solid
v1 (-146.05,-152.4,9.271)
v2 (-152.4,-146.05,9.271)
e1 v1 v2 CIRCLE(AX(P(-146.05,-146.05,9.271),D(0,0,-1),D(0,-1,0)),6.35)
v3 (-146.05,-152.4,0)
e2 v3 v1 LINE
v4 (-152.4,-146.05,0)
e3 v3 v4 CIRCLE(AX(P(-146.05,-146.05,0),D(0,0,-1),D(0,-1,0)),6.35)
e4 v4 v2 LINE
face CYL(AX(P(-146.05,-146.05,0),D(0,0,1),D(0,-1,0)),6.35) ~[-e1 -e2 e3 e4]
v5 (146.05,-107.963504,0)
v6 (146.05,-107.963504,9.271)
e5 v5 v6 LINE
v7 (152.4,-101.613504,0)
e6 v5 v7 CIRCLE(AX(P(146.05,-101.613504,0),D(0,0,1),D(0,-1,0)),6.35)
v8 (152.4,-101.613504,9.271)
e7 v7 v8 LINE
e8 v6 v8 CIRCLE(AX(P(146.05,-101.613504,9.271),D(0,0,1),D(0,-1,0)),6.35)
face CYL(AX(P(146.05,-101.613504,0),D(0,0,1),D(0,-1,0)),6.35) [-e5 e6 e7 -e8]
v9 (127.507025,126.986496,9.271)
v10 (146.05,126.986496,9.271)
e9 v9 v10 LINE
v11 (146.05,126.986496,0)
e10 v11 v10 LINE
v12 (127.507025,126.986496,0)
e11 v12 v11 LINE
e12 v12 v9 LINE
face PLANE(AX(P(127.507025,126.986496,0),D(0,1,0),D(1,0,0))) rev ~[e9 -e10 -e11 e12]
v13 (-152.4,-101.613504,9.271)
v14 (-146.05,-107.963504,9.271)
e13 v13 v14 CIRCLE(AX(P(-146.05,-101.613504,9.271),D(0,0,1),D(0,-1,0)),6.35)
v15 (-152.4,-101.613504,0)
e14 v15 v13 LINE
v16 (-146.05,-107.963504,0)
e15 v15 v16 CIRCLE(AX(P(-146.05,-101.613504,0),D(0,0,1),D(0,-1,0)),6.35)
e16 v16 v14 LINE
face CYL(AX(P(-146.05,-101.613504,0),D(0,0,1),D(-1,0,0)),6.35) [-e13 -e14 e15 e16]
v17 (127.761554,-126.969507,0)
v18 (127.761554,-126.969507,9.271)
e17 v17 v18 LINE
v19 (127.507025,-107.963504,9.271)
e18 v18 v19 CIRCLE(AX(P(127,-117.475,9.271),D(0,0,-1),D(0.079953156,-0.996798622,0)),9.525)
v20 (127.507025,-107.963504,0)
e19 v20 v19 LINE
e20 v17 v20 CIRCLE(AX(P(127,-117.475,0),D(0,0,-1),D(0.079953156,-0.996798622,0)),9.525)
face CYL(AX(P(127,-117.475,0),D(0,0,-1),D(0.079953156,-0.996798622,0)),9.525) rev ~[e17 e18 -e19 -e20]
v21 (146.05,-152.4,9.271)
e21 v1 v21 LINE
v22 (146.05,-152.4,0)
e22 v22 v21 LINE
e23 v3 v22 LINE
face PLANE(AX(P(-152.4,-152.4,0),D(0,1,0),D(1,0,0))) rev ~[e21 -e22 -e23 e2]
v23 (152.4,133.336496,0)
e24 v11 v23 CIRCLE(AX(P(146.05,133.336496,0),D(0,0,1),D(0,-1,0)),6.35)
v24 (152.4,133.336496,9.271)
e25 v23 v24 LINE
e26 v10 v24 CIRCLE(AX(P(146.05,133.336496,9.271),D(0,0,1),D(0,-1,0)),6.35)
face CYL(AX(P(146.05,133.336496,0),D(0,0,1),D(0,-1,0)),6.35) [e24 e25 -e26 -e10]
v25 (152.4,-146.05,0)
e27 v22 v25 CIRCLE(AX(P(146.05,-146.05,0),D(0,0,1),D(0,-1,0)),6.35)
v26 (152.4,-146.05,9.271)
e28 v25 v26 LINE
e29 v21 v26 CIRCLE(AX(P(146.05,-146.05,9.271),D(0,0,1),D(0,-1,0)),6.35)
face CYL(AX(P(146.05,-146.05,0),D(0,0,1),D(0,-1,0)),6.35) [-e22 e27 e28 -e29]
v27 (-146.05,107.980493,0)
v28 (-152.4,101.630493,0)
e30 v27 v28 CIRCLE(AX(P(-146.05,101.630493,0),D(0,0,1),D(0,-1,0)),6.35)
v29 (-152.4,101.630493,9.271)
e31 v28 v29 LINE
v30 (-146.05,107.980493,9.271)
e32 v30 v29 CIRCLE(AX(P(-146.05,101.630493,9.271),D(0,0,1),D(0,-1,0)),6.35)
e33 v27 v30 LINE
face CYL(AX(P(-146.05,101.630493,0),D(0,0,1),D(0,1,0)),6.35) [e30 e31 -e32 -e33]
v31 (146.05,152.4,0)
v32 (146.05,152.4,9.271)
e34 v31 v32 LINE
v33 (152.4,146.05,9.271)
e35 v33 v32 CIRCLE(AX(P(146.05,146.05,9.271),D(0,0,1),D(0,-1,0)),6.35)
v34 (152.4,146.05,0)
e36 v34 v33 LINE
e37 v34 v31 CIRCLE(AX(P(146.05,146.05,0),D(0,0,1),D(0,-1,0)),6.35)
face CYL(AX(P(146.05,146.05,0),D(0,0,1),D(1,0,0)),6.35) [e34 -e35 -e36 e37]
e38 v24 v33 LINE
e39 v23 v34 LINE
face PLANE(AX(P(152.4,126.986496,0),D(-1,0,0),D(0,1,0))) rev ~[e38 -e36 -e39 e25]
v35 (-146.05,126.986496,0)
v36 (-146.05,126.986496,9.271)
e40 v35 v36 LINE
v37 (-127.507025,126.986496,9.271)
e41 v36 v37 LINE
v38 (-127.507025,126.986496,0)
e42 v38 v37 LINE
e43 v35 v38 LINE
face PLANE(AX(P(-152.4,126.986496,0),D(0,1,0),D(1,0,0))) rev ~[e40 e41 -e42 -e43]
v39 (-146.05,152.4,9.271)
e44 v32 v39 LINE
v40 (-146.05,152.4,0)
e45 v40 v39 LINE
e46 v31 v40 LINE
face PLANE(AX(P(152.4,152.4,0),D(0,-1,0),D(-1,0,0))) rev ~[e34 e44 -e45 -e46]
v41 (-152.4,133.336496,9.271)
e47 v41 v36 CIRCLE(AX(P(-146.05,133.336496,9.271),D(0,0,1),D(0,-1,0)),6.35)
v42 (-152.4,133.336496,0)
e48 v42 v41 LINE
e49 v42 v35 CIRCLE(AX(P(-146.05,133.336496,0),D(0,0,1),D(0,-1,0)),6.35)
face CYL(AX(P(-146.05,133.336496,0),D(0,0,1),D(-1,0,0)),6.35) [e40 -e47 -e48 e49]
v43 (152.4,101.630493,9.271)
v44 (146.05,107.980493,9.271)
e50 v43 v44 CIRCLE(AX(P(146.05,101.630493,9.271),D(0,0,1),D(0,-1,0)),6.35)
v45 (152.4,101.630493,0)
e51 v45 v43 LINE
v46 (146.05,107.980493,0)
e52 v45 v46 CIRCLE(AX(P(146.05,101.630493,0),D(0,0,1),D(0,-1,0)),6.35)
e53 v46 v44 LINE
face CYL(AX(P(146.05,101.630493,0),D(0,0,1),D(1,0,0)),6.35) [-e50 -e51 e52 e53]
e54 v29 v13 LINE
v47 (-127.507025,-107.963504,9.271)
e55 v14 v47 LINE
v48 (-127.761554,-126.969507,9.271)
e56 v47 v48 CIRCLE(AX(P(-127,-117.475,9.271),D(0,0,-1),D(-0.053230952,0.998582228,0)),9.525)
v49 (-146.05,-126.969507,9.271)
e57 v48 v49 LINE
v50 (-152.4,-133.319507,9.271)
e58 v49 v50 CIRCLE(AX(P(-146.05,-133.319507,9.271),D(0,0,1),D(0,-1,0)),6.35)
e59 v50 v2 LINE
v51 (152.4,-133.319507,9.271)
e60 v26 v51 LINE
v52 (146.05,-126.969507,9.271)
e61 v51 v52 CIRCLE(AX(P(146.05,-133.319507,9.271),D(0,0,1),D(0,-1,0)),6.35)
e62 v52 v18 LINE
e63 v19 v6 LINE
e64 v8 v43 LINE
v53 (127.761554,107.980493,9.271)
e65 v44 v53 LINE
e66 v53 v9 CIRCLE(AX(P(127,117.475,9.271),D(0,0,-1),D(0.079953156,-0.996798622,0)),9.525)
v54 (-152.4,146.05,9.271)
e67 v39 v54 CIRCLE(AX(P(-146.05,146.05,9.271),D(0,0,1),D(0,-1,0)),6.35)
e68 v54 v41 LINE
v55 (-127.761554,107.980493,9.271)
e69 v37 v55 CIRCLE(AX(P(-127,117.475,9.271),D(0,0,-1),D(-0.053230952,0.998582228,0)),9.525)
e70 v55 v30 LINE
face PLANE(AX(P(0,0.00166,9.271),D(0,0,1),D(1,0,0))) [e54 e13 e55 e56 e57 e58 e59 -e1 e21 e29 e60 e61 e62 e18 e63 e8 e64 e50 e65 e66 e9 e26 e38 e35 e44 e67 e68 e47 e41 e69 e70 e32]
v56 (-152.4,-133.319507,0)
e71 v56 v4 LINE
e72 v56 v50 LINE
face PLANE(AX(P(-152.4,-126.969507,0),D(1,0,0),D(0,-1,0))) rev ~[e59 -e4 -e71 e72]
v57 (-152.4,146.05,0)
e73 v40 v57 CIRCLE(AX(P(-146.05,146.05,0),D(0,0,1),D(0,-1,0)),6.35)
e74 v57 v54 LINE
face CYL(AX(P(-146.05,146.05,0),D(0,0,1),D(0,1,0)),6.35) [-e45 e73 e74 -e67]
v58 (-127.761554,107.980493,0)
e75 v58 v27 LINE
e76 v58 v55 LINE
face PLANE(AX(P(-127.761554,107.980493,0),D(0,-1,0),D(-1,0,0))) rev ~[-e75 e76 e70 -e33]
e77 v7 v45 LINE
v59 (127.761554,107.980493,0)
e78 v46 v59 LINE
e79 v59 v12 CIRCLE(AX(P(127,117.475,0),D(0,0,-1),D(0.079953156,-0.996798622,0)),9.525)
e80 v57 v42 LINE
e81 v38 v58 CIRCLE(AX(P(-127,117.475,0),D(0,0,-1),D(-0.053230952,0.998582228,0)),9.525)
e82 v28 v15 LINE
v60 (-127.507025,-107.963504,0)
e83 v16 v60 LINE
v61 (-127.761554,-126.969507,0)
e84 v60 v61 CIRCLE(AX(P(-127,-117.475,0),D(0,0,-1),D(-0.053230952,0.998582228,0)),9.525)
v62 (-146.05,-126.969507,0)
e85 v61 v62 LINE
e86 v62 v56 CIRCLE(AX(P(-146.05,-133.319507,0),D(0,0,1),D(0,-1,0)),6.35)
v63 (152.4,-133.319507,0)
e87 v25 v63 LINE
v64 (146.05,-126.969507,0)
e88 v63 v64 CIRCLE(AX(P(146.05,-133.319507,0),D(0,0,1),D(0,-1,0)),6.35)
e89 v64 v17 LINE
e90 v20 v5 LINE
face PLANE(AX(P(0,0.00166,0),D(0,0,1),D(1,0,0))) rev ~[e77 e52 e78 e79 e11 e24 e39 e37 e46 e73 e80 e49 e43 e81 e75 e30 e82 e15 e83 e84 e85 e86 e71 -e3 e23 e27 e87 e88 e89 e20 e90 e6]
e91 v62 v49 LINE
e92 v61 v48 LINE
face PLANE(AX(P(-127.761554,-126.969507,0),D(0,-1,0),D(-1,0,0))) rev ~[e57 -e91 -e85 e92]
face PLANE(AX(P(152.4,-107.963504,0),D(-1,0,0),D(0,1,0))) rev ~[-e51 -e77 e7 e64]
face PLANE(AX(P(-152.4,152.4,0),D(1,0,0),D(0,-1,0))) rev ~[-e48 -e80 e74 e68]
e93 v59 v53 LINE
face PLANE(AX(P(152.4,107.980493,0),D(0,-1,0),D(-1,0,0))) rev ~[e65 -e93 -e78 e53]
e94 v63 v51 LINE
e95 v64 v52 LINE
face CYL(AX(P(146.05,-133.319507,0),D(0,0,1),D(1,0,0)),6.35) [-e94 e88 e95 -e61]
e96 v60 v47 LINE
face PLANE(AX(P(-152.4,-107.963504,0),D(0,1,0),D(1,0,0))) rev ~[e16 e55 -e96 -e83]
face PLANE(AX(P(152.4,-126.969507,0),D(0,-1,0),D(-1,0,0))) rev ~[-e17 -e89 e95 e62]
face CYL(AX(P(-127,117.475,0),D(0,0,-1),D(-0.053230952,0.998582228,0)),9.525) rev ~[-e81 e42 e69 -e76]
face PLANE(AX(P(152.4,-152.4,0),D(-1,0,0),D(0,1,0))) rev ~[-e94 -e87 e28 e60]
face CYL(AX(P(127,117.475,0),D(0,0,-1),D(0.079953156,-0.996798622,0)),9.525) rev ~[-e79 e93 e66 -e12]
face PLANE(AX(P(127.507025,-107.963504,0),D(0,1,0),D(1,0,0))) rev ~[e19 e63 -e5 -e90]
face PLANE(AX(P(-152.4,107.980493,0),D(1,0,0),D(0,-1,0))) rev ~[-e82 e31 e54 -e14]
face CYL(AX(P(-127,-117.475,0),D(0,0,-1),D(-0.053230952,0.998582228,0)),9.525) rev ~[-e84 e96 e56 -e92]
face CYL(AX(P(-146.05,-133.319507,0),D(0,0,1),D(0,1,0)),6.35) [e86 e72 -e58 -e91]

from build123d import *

# Parameters (mm, degrees)
F1_DEPTH = 9.271
F2_R     = 6.35


with BuildPart() as f1:
    # F0 (on Top) → F1 (new body)
    with BuildSketch(Plane.XY):
        with BuildLine():
            Line((-152.4, -152.4), (0, -152.4))
            Line((0, -152.4), (152.4, -152.4))
            Line((152.4, -152.4), (152.4, -126.969507))
            Line((152.4, -126.969507), (127.761554, -126.969507))
            ThreePointArc((127.761554, -126.969507), (117.475854, -117.602548), (127.507025, -107.963504))
            Line((127.507025, -107.963504), (152.4, -107.963504))
            Line((152.4, -107.963504), (152.4, 107.980493))
            Line((152.4, 107.980493), (127.761554, 107.980493))
            ThreePointArc((127.761554, 107.980493), (117.475854, 117.347452), (127.507025, 126.986496))
            Line((127.507025, 126.986496), (152.4, 126.986496))
            Line((152.4, 126.986496), (152.4, 152.4))
            Line((152.4, 152.4), (0, 152.4))
            Line((0, 152.4), (-152.4, 152.4))
            Line((-152.4, 152.4), (-152.4, 126.986496))
            Line((-152.4, 126.986496), (-127.507025, 126.986496))
            ThreePointArc((-127.507025, 126.986496), (-117.475854, 117.347452), (-127.761554, 107.980493))
            Line((-127.761554, 107.980493), (-152.4, 107.980493))
            Line((-152.4, 107.980493), (-152.4, -107.963504))
            Line((-152.4, -107.963504), (-127.507025, -107.963504))
            ThreePointArc((-127.507025, -107.963504), (-117.475854, -117.602548), (-127.761554, -126.969507))
            Line((-127.761554, -126.969507), (-152.4, -126.969507))
            Line((-152.4, -126.969507), (-152.4, -152.4))
        make_face()
    extrude(amount=F1_DEPTH)

    # F2
    f2_edges = [f1.edges().sort_by_distance(p)[0] for p in [
        (-152.4, 152.4, 4.6355),
        (152.4, 152.4, 4.6355),
        (152.4, -152.4, 4.6355),
        (-152.4, -152.4, 4.6355),
        (152.4, -126.969507, 4.6355),
        (152.4, -107.963504, 4.6355),
        (152.4, 107.980493, 4.6355),
        (152.4, 126.986496, 4.6355),
        (-152.4, -107.963504, 4.6355),
        (-152.4, 126.986496, 4.6355),
        (-152.4, -126.969507, 4.6355),
        (-152.4, 107.980493, 4.6355),
    ]]
    fillet(f2_edges, radius=F2_R)


solid = f1.part
